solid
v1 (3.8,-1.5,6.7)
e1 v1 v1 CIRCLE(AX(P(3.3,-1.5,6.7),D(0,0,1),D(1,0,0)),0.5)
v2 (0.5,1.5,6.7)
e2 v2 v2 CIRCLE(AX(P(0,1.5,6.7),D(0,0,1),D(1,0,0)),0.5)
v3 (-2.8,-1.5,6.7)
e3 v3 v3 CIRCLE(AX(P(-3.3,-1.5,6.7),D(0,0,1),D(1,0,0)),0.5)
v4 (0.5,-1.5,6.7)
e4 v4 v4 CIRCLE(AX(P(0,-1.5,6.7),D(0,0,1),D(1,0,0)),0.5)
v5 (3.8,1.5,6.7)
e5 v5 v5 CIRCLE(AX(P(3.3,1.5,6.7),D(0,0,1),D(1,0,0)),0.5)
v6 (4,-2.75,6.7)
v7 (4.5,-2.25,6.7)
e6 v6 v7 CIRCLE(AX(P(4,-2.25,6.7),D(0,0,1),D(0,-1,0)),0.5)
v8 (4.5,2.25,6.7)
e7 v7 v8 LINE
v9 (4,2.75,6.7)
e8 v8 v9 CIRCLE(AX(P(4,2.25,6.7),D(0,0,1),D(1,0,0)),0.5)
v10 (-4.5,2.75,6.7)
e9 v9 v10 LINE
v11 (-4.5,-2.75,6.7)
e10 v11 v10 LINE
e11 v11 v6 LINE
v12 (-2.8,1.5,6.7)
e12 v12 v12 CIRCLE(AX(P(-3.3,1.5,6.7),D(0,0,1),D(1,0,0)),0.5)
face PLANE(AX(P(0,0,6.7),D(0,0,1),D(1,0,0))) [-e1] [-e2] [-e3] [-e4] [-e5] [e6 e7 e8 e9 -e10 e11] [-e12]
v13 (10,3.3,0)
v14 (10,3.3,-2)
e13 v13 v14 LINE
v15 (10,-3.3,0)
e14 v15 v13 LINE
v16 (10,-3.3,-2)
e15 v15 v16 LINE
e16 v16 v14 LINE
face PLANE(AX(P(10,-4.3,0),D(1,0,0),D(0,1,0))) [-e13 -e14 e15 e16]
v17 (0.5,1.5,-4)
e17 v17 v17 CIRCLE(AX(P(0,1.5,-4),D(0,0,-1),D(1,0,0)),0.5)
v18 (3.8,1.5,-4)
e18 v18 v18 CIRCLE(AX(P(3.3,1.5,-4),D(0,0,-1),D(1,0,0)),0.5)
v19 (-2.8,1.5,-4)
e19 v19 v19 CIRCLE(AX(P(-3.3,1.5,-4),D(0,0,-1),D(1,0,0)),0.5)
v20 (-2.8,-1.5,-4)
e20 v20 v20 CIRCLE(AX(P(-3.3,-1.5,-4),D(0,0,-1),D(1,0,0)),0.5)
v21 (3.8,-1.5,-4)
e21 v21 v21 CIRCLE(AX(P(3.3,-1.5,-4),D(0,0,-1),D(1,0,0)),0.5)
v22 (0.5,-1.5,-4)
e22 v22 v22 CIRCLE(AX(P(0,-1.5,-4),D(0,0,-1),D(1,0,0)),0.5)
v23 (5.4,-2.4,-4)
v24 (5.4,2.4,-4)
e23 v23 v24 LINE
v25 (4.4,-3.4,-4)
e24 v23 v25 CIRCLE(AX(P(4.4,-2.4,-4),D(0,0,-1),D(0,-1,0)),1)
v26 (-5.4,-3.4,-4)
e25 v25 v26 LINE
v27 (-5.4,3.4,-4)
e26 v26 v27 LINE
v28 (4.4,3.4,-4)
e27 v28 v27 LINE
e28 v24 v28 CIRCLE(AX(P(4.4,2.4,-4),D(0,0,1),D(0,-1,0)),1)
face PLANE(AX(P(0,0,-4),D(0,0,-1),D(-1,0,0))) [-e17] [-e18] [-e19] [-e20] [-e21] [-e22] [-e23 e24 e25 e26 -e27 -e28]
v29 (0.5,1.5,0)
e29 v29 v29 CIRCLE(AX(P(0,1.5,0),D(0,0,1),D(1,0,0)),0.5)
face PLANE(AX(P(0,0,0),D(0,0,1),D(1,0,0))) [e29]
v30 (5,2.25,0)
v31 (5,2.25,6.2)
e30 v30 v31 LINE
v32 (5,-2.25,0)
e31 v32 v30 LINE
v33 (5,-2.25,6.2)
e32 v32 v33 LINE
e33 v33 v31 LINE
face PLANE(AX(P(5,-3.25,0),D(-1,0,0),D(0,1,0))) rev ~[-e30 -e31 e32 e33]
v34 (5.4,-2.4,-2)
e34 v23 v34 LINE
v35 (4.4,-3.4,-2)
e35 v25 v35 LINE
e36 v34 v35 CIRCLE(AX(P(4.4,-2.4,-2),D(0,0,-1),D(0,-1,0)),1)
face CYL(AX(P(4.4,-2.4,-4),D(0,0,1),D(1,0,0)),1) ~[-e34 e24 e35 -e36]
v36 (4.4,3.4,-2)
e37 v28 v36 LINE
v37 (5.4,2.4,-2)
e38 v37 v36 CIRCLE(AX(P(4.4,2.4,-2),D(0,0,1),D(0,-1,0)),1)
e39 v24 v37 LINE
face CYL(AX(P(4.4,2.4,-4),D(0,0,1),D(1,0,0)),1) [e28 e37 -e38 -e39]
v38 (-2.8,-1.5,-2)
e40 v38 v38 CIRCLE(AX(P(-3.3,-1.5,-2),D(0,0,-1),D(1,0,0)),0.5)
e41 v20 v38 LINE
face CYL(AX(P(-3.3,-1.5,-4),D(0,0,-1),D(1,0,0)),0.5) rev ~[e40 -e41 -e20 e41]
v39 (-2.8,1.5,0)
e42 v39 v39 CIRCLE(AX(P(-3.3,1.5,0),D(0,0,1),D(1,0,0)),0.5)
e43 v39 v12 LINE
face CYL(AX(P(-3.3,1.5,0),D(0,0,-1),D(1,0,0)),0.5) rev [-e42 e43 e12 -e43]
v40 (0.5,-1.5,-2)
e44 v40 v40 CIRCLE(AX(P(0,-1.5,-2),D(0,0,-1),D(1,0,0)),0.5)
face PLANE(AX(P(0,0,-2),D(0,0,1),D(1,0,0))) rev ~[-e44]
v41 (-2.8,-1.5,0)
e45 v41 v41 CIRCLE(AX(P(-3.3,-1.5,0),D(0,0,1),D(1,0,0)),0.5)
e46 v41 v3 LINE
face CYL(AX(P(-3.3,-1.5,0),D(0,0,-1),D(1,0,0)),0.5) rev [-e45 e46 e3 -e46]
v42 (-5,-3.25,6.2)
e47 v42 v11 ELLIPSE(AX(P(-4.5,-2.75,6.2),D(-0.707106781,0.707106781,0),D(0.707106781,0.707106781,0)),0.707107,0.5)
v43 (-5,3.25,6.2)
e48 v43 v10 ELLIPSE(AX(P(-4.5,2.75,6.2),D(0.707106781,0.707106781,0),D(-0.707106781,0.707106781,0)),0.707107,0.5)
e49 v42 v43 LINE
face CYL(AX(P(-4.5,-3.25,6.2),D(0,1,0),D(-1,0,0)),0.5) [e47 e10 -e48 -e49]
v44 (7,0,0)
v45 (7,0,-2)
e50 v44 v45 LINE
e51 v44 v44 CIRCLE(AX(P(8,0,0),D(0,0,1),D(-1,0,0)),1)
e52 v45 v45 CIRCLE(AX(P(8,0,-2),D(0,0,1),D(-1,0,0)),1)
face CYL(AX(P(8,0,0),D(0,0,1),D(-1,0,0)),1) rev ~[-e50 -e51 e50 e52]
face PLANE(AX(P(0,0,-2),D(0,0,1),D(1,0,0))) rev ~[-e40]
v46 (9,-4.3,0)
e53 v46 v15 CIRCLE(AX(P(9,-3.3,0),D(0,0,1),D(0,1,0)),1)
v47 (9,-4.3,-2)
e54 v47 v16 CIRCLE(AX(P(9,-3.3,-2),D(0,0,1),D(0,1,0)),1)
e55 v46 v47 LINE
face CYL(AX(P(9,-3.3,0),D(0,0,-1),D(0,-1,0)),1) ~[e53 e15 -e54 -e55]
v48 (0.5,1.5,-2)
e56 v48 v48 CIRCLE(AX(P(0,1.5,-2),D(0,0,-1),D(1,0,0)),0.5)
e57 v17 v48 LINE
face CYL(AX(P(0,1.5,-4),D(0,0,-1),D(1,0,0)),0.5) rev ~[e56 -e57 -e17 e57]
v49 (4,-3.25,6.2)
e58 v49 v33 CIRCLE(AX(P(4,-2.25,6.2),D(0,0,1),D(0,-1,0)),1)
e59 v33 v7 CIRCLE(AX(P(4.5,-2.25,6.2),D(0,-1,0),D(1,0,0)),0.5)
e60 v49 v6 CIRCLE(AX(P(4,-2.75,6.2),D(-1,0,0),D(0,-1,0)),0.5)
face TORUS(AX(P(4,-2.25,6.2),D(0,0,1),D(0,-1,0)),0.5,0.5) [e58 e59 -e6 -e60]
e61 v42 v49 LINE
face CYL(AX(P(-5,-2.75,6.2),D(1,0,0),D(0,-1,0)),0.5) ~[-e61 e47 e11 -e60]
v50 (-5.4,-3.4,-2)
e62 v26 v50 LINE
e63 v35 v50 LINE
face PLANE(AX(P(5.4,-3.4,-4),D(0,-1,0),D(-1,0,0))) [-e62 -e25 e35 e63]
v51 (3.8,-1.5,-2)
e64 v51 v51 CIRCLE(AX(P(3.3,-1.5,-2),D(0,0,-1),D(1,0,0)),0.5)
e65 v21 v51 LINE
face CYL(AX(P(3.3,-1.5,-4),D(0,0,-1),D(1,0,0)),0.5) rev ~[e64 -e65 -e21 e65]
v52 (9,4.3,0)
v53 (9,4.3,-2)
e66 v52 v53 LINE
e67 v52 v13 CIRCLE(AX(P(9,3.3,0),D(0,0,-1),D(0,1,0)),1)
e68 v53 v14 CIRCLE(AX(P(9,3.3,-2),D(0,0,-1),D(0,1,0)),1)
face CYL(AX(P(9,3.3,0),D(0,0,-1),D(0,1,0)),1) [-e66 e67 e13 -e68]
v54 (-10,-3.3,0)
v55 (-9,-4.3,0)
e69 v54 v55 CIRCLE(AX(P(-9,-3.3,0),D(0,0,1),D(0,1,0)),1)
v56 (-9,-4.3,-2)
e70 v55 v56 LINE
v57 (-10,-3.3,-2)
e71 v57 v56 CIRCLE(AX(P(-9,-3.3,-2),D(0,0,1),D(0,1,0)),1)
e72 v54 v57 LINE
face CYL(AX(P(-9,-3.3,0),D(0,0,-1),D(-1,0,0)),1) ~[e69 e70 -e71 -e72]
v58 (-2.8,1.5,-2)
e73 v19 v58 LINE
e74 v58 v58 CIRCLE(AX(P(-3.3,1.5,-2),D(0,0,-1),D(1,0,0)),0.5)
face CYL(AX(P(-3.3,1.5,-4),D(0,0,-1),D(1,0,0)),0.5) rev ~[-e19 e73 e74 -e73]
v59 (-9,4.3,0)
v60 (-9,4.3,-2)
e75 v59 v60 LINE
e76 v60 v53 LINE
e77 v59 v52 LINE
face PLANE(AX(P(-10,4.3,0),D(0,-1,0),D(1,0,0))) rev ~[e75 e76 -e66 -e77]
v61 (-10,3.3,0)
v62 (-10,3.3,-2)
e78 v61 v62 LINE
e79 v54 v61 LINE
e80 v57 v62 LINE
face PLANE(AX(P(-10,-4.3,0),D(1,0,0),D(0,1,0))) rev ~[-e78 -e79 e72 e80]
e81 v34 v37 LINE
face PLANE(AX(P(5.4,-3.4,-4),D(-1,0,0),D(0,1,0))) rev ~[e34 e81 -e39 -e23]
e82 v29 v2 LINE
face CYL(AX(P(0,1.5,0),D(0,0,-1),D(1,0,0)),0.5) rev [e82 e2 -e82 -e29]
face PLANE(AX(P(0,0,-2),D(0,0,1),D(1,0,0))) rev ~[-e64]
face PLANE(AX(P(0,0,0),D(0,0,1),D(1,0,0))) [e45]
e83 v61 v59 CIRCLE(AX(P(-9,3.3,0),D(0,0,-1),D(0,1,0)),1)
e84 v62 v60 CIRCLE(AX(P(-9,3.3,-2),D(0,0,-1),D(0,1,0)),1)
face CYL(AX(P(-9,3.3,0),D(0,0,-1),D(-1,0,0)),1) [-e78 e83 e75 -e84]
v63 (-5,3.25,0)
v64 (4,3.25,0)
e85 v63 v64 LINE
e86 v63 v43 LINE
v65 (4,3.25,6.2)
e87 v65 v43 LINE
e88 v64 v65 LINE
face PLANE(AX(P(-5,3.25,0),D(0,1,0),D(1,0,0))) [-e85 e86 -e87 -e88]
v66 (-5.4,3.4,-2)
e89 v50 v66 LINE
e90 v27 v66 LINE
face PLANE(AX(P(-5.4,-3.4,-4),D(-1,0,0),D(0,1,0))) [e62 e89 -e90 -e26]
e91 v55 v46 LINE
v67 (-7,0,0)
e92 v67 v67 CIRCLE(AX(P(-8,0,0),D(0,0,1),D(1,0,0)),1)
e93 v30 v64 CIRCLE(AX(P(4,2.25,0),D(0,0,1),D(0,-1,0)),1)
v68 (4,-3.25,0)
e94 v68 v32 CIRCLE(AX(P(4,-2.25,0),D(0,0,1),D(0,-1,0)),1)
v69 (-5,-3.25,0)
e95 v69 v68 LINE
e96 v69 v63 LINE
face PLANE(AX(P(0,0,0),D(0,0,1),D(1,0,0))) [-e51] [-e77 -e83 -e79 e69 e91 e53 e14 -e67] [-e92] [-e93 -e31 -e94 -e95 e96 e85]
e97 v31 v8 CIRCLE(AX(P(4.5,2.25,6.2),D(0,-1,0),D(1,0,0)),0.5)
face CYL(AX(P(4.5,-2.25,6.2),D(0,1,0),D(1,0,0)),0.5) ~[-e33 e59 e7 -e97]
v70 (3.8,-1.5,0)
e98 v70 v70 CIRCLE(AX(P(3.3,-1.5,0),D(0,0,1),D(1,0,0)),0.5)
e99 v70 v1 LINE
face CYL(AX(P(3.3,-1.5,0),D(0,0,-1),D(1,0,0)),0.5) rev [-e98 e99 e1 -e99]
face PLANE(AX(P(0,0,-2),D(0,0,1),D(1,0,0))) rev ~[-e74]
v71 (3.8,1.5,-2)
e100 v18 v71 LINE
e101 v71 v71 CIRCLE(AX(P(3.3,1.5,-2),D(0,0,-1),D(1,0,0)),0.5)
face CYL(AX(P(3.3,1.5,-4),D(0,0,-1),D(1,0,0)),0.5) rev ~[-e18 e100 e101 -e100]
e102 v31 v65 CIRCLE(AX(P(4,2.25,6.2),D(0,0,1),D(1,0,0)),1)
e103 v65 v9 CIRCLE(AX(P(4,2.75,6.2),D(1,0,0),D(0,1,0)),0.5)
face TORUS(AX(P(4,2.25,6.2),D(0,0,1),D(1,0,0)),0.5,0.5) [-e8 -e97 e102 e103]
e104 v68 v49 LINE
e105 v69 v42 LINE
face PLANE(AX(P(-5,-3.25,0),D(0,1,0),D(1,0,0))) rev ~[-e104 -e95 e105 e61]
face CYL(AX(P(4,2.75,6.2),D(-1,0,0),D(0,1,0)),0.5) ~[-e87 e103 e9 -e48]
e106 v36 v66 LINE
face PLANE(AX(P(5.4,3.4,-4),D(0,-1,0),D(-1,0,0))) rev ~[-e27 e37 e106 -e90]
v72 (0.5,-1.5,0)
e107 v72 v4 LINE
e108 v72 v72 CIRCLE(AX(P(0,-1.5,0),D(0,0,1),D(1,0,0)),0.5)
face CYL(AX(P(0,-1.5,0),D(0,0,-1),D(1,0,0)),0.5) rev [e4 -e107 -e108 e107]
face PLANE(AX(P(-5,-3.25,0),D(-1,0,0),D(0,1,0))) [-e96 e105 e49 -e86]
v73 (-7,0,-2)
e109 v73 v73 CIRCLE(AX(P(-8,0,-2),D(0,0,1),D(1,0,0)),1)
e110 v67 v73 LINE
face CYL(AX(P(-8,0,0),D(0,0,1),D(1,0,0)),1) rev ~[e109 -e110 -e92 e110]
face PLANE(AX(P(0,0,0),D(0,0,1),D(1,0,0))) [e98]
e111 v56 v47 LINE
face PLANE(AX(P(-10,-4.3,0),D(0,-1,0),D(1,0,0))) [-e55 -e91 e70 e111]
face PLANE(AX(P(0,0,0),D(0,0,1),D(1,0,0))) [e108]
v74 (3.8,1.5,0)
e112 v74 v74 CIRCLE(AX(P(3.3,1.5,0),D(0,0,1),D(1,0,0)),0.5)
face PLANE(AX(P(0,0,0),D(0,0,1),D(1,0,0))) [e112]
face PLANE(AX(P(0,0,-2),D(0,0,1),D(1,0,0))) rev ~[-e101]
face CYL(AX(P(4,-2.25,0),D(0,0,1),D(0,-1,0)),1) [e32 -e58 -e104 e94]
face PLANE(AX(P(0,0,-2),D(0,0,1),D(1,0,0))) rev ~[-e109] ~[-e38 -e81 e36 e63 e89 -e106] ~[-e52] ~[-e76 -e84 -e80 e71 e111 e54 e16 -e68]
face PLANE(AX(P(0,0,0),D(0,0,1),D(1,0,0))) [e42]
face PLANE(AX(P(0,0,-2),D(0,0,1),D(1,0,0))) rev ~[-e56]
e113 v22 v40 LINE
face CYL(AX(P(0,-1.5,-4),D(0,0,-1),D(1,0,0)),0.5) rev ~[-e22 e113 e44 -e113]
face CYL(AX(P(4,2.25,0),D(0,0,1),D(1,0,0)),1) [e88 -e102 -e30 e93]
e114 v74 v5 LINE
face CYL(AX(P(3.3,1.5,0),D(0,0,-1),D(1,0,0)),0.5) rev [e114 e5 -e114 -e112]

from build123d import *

# Parameters (mm, degrees)
SKETCH_2_W      = 10
SKETCH_2_H      = 6.5
SKETCH_2_R      = 0.5
EXTRUDE_1_DEPTH = 6.7
SKETCH_4_W      = 20
SKETCH_4_H      = 8.6
SKETCH_4_R      = 1
EXTRUDE_2_DEPTH = 2
EXTRUDE_START   = 2
SKETCH_7_W      = 10.8
SKETCH_7_H      = 6.8
SKETCH_7_R      = 0.5
EXTRUDE_3_DEPTH = 2
FILLET_1_R      = 1
FILLET_2_R      = 1
FILLET_4_R      = 0.5


with BuildPart() as part:
    # 草图2 → 凸台-拉伸1 (new body)
    with BuildSketch(Plane.XY):
        Rectangle(SKETCH_2_W, SKETCH_2_H)
        with Locations((-3.3, 1.5)):
            Circle(SKETCH_2_R, mode=Mode.SUBTRACT)
        with Locations((0, 1.5)):
            Circle(SKETCH_2_R, mode=Mode.SUBTRACT)
        with Locations((3.3, 1.5)):
            Circle(SKETCH_2_R, mode=Mode.SUBTRACT)
        with Locations((0, -1.5)):
            Circle(SKETCH_2_R, mode=Mode.SUBTRACT)
        with Locations((3.3, -1.5)):
            Circle(SKETCH_2_R, mode=Mode.SUBTRACT)
        with Locations((-3.3, -1.5)):
            Circle(SKETCH_2_R, mode=Mode.SUBTRACT)
    extrude(amount=EXTRUDE_1_DEPTH)

    # 草图4 → 凸台-拉伸2 (add)
    with BuildSketch(Plane.XY):
        Rectangle(SKETCH_4_W, SKETCH_4_H)
        with Locations((-8, 0)):
            Circle(SKETCH_4_R, mode=Mode.SUBTRACT)
        with Locations(Location((8, 0, 0), (0, 0, 180))):
            Circle(SKETCH_4_R, mode=Mode.SUBTRACT)
    extrude(amount=-EXTRUDE_2_DEPTH)

    # 草图7 → 凸台-拉伸3 (add)
    with BuildSketch(Plane(origin=(0, 0, -2), x_dir=(-1, 0, 0), z_dir=(0, 0, -1)).offset(EXTRUDE_START)):
        Rectangle(SKETCH_7_W, SKETCH_7_H)
        with Locations(Location((-3.3, 1.5, 0), (0, 0, 180))):
            Circle(SKETCH_7_R, mode=Mode.SUBTRACT)
        with Locations(Location((0, 1.5, 0), (0, 0, 180))):
            Circle(SKETCH_7_R, mode=Mode.SUBTRACT)
        with Locations(Location((3.3, 1.5, 0), (0, 0, 180))):
            Circle(SKETCH_7_R, mode=Mode.SUBTRACT)
        with Locations(Location((0, -1.5, 0), (0, 0, 180))):
            Circle(SKETCH_7_R, mode=Mode.SUBTRACT)
        with Locations(Location((3.3, -1.5, 0), (0, 0, 180))):
            Circle(SKETCH_7_R, mode=Mode.SUBTRACT)
        with Locations(Location((-3.3, -1.5, 0), (0, 0, 180))):
            Circle(SKETCH_7_R, mode=Mode.SUBTRACT)
    extrude(amount=-EXTRUDE_3_DEPTH)

    # 圆角1
    fillet_1_edges = [part.edges().sort_by_distance(p)[0] for p in [
        (10, 4.3, -1),
        (10, -4.3, -1),
        (-10, -4.3, -1),
        (-10, 4.3, -1),
    ]]
    fillet(fillet_1_edges, radius=FILLET_1_R)

    # 圆角2
    fillet_2_edges = [part.edges().sort_by_distance(p)[0] for p in [
        (5, -3.25, 3.35),
        (5, 3.25, 3.35),
        (5.4, 3.4, -3),
        (5.4, -3.4, -3),
    ]]
    fillet(fillet_2_edges, radius=FILLET_2_R)

    # 圆角4
    fillet_4_edges = [part.edges().sort_by_distance(p)[0] for p in [
        (-5, 0, 6.7),
        (5, 0, 6.7),
        (-0.5, 3.25, 6.7),
        (4.707106781, 2.957106781, 6.7),
        (4.707106781, -2.957106781, 6.7),
        (-0.5, -3.25, 6.7),
    ]]
    fillet(fillet_4_edges, radius=FILLET_4_R)


solid = part.part
